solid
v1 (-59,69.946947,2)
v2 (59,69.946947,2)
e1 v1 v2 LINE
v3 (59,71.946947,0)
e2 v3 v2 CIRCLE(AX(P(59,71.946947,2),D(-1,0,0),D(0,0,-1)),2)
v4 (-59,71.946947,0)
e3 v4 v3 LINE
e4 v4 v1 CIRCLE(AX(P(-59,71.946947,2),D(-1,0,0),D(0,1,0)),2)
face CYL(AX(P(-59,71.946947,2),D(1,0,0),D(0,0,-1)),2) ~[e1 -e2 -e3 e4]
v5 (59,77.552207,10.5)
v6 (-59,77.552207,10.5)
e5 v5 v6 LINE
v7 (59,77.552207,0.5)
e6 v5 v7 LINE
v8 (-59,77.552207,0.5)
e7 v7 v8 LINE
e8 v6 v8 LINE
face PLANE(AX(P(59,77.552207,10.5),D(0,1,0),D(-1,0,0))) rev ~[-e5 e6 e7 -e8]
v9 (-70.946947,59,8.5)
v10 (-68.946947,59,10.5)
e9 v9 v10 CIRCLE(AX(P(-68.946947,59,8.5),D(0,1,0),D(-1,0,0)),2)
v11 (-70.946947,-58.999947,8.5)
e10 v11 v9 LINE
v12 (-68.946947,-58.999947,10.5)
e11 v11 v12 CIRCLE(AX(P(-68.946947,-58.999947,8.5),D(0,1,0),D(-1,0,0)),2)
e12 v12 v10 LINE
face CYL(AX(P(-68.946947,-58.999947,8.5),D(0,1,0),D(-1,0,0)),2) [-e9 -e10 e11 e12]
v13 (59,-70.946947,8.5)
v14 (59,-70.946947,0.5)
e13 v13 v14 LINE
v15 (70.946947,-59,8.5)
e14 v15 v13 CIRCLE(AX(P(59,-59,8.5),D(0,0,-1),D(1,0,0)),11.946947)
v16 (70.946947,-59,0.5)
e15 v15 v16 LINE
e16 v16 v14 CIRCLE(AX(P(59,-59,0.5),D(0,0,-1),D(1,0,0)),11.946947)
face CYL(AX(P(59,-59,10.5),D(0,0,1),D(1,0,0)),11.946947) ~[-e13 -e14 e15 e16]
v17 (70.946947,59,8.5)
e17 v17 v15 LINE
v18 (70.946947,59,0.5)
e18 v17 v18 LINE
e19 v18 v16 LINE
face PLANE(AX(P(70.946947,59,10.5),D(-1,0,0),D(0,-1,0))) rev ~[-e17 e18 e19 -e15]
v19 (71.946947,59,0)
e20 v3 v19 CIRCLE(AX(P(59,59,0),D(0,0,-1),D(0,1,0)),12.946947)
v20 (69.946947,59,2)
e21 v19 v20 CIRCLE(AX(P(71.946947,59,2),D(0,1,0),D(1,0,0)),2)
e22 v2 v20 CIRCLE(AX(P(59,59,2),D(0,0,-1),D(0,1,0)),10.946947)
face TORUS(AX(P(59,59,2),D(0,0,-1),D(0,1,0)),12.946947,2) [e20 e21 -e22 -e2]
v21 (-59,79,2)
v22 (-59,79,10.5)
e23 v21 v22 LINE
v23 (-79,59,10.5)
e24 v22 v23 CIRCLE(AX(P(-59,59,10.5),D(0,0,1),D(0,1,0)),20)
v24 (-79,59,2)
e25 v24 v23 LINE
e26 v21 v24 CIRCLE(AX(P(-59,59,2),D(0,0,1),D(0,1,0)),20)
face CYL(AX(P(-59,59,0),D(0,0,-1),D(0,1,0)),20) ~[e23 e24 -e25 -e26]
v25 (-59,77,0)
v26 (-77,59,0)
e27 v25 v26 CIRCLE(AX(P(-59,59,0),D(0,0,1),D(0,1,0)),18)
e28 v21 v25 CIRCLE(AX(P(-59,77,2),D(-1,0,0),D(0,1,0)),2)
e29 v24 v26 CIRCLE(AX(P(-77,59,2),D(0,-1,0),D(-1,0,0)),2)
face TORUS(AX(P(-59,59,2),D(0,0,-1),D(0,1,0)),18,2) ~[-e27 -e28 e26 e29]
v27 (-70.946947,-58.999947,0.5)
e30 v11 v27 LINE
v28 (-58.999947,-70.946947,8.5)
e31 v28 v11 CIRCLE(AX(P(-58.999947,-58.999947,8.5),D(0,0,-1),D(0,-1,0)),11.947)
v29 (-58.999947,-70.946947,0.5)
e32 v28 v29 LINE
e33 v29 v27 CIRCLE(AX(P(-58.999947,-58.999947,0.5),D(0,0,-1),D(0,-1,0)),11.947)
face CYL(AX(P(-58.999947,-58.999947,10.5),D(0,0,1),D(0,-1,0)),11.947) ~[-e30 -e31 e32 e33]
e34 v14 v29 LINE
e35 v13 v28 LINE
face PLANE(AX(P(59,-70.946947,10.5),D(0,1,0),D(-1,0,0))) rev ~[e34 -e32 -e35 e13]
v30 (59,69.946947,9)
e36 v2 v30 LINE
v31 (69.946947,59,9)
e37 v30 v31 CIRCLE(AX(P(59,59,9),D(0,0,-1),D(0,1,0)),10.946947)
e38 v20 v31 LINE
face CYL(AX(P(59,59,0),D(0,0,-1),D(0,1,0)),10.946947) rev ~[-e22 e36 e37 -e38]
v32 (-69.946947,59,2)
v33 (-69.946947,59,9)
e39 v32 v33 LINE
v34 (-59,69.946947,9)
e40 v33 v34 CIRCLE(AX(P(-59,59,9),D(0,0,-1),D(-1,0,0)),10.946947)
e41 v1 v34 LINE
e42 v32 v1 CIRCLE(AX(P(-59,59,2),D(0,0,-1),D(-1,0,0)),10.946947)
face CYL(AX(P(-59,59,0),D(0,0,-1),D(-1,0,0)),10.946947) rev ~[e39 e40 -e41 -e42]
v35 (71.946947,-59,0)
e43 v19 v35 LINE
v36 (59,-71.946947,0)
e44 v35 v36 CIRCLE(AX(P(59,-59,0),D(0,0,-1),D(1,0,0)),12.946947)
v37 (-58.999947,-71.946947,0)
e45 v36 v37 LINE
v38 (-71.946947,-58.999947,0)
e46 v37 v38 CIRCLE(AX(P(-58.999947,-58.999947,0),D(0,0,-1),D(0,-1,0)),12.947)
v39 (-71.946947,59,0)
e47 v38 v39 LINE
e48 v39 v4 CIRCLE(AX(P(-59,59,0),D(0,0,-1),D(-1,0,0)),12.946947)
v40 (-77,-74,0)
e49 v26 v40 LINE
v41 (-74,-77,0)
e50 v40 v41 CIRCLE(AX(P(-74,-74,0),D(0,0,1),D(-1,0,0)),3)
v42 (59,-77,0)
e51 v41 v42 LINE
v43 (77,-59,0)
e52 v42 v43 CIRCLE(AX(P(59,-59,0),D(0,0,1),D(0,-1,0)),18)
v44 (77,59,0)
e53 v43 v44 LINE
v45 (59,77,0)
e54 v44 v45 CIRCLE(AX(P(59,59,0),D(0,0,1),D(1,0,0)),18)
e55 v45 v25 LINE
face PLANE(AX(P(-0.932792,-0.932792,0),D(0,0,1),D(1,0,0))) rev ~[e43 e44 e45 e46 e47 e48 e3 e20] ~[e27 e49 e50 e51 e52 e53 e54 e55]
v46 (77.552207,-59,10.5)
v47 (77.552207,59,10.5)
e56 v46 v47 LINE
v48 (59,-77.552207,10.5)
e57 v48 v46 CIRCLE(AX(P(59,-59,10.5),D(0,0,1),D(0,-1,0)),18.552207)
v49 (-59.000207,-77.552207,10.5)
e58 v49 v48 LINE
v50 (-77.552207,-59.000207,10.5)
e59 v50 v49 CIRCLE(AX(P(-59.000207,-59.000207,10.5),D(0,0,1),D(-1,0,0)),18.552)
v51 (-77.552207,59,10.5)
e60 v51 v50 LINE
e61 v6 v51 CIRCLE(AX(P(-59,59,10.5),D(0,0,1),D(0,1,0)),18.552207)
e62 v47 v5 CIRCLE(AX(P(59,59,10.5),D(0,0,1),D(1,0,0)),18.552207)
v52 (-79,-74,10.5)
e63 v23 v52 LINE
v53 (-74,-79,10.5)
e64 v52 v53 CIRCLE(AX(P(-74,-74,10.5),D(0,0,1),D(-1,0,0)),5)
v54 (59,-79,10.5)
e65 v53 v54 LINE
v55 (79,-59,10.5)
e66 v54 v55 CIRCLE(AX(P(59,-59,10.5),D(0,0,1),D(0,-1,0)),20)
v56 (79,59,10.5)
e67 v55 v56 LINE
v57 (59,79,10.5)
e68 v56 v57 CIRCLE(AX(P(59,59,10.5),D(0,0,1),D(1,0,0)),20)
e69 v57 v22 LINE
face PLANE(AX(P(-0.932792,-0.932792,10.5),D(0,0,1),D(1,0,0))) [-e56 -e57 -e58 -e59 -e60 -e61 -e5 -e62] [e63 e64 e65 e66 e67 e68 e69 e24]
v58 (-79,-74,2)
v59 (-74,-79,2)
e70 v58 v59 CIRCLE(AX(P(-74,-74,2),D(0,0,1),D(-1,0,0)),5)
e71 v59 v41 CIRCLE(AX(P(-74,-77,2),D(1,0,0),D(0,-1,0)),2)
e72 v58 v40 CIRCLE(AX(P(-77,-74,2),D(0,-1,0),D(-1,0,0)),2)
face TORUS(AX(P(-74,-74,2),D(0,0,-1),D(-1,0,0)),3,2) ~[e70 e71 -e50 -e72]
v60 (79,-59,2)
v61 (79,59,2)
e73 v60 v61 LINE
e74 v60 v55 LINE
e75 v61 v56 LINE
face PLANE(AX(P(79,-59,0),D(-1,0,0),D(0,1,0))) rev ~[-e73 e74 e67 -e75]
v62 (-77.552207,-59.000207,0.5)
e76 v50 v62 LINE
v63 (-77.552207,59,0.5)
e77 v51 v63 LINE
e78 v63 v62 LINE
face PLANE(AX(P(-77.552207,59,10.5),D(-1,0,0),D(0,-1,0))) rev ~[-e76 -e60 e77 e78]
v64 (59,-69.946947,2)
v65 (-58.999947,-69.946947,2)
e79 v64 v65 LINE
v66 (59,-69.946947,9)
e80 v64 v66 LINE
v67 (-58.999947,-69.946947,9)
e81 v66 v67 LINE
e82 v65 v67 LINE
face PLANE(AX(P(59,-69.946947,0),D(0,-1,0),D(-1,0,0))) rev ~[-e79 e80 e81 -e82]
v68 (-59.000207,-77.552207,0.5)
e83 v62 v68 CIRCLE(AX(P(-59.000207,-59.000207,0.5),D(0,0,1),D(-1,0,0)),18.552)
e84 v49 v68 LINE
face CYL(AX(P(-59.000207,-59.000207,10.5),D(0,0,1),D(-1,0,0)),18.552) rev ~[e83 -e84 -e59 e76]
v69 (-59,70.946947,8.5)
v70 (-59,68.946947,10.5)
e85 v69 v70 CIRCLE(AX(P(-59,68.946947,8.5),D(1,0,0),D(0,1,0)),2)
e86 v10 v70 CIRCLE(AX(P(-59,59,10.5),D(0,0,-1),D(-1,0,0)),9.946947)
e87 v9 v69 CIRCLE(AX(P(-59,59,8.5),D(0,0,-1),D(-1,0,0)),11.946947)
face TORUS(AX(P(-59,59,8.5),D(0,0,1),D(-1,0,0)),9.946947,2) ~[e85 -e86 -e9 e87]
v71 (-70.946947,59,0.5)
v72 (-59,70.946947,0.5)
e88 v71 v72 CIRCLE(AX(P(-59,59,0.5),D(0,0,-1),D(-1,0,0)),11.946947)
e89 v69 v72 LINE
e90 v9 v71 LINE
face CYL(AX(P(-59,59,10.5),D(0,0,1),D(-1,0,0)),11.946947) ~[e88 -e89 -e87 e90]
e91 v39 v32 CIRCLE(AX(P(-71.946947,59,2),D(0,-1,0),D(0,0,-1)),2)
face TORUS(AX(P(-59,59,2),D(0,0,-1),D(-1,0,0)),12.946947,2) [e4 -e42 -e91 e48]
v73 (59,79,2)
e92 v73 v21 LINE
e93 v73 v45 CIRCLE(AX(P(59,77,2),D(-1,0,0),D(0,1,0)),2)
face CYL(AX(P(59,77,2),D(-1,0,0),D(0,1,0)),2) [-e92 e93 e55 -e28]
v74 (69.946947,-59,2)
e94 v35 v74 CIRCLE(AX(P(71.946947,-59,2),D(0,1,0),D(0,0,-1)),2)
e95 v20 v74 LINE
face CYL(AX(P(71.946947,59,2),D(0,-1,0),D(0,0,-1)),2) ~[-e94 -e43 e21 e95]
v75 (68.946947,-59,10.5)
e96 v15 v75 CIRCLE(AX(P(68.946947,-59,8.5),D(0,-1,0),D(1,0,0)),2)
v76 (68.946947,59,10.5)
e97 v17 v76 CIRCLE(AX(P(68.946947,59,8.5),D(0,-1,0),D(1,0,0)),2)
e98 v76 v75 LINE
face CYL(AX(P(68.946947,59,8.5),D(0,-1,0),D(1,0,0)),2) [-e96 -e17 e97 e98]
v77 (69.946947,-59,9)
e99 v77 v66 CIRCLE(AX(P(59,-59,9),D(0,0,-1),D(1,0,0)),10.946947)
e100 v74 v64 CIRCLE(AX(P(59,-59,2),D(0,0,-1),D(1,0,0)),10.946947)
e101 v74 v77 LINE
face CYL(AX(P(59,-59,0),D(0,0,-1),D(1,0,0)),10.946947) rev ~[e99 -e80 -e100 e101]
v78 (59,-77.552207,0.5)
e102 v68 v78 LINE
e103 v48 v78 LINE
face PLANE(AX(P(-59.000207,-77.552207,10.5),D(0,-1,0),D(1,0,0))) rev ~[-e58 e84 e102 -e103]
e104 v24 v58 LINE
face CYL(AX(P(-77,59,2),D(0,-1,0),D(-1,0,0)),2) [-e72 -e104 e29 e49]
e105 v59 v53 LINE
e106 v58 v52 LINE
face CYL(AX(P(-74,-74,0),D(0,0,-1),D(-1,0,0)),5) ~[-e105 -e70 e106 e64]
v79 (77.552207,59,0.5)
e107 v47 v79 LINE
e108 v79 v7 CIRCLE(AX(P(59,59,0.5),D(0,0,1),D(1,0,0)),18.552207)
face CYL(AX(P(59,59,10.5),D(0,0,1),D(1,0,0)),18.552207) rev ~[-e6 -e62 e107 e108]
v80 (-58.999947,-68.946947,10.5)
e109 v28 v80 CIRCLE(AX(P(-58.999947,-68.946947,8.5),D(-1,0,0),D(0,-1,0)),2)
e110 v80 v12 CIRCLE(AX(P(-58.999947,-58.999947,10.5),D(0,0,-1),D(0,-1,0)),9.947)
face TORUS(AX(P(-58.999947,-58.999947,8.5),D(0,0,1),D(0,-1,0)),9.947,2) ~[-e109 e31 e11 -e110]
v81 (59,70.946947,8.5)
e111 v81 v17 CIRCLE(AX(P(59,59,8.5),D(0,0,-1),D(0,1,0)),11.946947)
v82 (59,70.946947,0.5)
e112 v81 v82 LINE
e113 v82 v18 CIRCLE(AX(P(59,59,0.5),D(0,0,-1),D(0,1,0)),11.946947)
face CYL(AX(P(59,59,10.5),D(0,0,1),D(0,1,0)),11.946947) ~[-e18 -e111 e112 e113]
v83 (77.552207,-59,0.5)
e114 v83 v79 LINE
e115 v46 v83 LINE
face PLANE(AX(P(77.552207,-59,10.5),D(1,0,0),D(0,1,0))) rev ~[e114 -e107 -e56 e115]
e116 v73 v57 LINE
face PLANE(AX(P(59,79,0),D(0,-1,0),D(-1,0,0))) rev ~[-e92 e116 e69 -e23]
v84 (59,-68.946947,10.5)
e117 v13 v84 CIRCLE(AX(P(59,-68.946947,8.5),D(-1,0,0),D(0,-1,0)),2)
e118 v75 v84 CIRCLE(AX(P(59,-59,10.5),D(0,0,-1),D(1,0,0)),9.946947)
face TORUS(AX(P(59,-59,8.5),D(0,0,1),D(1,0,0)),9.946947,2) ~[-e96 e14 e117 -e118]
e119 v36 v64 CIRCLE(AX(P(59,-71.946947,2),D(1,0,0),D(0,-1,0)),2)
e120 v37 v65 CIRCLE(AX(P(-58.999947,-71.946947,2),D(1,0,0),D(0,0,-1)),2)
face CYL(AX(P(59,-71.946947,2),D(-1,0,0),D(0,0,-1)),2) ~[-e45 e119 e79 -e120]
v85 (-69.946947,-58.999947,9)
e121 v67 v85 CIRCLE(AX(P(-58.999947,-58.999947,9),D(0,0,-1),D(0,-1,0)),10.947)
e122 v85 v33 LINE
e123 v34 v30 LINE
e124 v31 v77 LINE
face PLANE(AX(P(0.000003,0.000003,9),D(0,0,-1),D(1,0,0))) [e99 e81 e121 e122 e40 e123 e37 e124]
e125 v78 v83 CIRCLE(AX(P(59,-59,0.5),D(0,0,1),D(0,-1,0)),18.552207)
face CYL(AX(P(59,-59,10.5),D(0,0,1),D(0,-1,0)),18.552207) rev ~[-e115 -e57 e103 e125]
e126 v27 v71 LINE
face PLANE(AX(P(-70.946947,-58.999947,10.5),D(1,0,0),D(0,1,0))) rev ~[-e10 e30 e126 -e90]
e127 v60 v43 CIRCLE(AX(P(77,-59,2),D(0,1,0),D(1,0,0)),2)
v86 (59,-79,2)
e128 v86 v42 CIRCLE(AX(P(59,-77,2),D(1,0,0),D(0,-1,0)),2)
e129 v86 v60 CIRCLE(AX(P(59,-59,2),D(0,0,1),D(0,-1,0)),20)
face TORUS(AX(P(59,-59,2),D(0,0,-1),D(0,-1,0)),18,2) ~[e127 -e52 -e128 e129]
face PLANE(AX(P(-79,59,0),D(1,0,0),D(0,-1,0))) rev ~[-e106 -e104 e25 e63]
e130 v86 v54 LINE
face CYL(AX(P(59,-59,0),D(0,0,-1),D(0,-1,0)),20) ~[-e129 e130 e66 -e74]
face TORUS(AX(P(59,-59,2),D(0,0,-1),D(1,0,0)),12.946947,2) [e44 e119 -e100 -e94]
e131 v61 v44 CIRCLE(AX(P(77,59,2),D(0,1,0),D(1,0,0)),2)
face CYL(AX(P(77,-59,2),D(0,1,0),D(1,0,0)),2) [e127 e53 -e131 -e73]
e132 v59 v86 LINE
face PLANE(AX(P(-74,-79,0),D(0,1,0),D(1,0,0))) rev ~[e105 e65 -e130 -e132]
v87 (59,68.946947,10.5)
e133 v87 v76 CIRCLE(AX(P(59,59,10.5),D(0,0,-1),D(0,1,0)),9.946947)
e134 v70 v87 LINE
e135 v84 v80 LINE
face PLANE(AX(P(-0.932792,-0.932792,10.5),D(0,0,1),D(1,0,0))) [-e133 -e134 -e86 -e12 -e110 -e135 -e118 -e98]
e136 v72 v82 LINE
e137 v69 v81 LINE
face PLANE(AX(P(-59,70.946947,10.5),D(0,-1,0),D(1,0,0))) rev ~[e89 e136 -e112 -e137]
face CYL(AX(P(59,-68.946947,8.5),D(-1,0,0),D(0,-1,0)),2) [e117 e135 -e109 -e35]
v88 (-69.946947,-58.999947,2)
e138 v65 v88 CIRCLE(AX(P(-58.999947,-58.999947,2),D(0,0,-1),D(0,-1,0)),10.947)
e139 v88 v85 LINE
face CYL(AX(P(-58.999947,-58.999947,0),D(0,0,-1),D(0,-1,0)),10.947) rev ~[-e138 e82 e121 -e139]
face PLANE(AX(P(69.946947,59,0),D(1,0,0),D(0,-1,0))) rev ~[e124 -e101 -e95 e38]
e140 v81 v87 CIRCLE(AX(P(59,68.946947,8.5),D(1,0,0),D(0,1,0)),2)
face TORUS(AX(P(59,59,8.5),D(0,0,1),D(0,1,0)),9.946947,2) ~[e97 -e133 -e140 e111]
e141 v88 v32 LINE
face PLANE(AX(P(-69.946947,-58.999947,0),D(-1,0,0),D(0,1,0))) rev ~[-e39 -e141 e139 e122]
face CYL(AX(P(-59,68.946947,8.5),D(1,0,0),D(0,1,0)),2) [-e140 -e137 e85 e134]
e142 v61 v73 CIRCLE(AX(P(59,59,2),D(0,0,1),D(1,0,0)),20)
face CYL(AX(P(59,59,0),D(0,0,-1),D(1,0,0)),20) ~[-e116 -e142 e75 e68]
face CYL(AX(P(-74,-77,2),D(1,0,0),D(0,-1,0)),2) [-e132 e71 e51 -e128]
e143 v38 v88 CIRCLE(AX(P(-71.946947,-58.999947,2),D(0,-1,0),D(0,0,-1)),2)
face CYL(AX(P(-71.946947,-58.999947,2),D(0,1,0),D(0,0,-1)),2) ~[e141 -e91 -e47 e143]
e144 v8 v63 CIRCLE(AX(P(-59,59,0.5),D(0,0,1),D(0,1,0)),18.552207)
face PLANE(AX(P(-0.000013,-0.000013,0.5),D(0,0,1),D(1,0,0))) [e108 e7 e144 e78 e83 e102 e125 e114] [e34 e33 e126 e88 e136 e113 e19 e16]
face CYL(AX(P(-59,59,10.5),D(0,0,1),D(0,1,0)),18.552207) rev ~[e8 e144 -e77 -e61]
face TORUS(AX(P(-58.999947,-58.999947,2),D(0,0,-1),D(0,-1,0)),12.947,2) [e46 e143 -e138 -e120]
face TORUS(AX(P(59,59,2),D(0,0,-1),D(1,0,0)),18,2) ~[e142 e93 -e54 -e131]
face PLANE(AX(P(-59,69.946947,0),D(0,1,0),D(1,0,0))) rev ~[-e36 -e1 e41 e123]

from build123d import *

# Parameters (mm, degrees)
F1_DEPTH = 10.5
F3_DEPTH = 10
F5_DEPTH = 9
F6_R     = 2


with BuildPart() as f1:
    # F0 (on Top) → F1 (new body)
    with BuildSketch(Plane.XY):
        with BuildLine():
            Line((-74, -79), (59, -79))
            ThreePointArc((59, -79), (73.1421356237, -73.1421356237), (79, -59))
            Line((79, -59), (79, 59))
            ThreePointArc((79, 59), (73.1421356237, 73.1421356237), (59, 79))
            Line((59, 79), (-59, 79))
            ThreePointArc((-59, 79), (-73.1421356237, 73.1421356237), (-79, 59))
            Line((-79, 59), (-79, -74))
            ThreePointArc((-79, -74), (-77.5355339059, -77.5355339059), (-74, -79))
        make_face()
    extrude(amount=F1_DEPTH)

    # F2 (on face) → F3 (cut)
    with BuildSketch(Plane.XY.offset(10.5)):
        with BuildLine():
            Line((77.5522068143, -59), (77.5522068143, 59))
            ThreePointArc((77.5522068143, 59), (72.1183912444, 72.1183912444), (59, 77.5522068143))
            Line((59, 77.5522068143), (-59, 77.5522068143))
            ThreePointArc((-59, 77.5522068143), (-72.1183912444, 72.1183912444), (-77.5522068143, 59))
            Line((-77.5522068143, 59), (-77.5522068143, -59.0002068143))
            ThreePointArc((-77.5522068143, -59.0002068143), (-72.1184518189, -72.1184518189), (-59.0002068143, -77.5522068143))
            Line((-59.0002068143, -77.5522068143), (59, -77.5522068143))
            ThreePointArc((59, -77.5522068143), (72.1183912444, -72.1183912444), (77.5522068143, -59))
        make_face()
        with BuildLine():
            ThreePointArc((59, 70.9469467402), (67.4477670544, 67.4477670544), (70.9469467402, 59))
            Line((70.9469467402, 59), (70.9469467402, -59))
            ThreePointArc((70.9469467402, -59), (67.4477670544, -67.4477670544), (59, -70.9469467402))
            Line((59, -70.9469467402), (-58.9999467402, -70.9469467402))
            ThreePointArc((-58.9999467402, -70.9469467402), (-67.447751455, -67.447751455), (-70.9469467402, -58.9999467402))
            Line((-70.9469467402, -58.9999467402), (-70.9469467402, 59))
            ThreePointArc((-70.9469467402, 59), (-67.4477670544, 67.4477670544), (-59, 70.9469467402))
            Line((-59, 70.9469467402), (59, 70.9469467402))
        make_face(mode=Mode.SUBTRACT)
    extrude(amount=-F3_DEPTH, mode=Mode.SUBTRACT)

    # F4 (on face) → F5 (cut)
    with BuildSketch(Plane(origin=(0, 0, 0), x_dir=(1, 0, 0), z_dir=(0, 0, -1))):
        with BuildLine():
            ThreePointArc((59, -69.9469467402), (66.7406602732, -66.7406602732), (69.9469467402, -59))
            Line((69.9469467402, -59), (69.9469467402, 59))
            ThreePointArc((69.9469467402, 59), (66.7406602732, 66.7406602732), (59, 69.9469467402))
            Line((59, 69.9469467402), (-58.9999467402, 69.9469467402))
            ThreePointArc((-58.9999467402, 69.9469467402), (-66.7406446738, 66.7406446738), (-69.9469467402, 58.9999467402))
            Line((-69.9469467402, 58.9999467402), (-69.9469467402, -59))
            ThreePointArc((-69.9469467402, -59), (-66.7406602732, -66.7406602732), (-59, -69.9469467402))
            Line((-59, -69.9469467402), (59, -69.9469467402))
        make_face()
    extrude(amount=-F5_DEPTH, mode=Mode.SUBTRACT)

    # F6
    f6_edges = [f1.edges().sort_by_distance(p)[0] for p in [
        (-7.5, -79, 0),
        (-77.535534, -77.535534, 0),
        (73.142136, -73.142136, 0),
        (-79, -7.5, 0),
        (79, 0, 0),
        (-73.142136, 73.142136, 0),
        (73.142136, 73.142136, 0),
        (0, 79, 0),
        (-69.946947, 2.7e-05, 0),
        (-66.740645, -66.740645, 0),
        (2.7e-05, -69.946947, 0),
        (66.74066, -66.74066, 0),
        (69.946947, 0, 0),
        (66.74066, 66.74066, 0),
        (0, 69.946947, 0),
        (-66.74066, 66.74066, 0),
        (-67.447767, 67.447767, 10.5),
        (0, 70.946947, 10.5),
        (67.447767, 67.447767, 10.5),
        (70.946947, 0, 10.5),
        (67.447767, -67.447767, 10.5),
        (2.7e-05, -70.946947, 10.5),
        (-67.447751, -67.447751, 10.5),
        (-70.946947, 2.7e-05, 10.5),
    ]]
    fillet(f6_edges, radius=F6_R)


solid = f1.part
